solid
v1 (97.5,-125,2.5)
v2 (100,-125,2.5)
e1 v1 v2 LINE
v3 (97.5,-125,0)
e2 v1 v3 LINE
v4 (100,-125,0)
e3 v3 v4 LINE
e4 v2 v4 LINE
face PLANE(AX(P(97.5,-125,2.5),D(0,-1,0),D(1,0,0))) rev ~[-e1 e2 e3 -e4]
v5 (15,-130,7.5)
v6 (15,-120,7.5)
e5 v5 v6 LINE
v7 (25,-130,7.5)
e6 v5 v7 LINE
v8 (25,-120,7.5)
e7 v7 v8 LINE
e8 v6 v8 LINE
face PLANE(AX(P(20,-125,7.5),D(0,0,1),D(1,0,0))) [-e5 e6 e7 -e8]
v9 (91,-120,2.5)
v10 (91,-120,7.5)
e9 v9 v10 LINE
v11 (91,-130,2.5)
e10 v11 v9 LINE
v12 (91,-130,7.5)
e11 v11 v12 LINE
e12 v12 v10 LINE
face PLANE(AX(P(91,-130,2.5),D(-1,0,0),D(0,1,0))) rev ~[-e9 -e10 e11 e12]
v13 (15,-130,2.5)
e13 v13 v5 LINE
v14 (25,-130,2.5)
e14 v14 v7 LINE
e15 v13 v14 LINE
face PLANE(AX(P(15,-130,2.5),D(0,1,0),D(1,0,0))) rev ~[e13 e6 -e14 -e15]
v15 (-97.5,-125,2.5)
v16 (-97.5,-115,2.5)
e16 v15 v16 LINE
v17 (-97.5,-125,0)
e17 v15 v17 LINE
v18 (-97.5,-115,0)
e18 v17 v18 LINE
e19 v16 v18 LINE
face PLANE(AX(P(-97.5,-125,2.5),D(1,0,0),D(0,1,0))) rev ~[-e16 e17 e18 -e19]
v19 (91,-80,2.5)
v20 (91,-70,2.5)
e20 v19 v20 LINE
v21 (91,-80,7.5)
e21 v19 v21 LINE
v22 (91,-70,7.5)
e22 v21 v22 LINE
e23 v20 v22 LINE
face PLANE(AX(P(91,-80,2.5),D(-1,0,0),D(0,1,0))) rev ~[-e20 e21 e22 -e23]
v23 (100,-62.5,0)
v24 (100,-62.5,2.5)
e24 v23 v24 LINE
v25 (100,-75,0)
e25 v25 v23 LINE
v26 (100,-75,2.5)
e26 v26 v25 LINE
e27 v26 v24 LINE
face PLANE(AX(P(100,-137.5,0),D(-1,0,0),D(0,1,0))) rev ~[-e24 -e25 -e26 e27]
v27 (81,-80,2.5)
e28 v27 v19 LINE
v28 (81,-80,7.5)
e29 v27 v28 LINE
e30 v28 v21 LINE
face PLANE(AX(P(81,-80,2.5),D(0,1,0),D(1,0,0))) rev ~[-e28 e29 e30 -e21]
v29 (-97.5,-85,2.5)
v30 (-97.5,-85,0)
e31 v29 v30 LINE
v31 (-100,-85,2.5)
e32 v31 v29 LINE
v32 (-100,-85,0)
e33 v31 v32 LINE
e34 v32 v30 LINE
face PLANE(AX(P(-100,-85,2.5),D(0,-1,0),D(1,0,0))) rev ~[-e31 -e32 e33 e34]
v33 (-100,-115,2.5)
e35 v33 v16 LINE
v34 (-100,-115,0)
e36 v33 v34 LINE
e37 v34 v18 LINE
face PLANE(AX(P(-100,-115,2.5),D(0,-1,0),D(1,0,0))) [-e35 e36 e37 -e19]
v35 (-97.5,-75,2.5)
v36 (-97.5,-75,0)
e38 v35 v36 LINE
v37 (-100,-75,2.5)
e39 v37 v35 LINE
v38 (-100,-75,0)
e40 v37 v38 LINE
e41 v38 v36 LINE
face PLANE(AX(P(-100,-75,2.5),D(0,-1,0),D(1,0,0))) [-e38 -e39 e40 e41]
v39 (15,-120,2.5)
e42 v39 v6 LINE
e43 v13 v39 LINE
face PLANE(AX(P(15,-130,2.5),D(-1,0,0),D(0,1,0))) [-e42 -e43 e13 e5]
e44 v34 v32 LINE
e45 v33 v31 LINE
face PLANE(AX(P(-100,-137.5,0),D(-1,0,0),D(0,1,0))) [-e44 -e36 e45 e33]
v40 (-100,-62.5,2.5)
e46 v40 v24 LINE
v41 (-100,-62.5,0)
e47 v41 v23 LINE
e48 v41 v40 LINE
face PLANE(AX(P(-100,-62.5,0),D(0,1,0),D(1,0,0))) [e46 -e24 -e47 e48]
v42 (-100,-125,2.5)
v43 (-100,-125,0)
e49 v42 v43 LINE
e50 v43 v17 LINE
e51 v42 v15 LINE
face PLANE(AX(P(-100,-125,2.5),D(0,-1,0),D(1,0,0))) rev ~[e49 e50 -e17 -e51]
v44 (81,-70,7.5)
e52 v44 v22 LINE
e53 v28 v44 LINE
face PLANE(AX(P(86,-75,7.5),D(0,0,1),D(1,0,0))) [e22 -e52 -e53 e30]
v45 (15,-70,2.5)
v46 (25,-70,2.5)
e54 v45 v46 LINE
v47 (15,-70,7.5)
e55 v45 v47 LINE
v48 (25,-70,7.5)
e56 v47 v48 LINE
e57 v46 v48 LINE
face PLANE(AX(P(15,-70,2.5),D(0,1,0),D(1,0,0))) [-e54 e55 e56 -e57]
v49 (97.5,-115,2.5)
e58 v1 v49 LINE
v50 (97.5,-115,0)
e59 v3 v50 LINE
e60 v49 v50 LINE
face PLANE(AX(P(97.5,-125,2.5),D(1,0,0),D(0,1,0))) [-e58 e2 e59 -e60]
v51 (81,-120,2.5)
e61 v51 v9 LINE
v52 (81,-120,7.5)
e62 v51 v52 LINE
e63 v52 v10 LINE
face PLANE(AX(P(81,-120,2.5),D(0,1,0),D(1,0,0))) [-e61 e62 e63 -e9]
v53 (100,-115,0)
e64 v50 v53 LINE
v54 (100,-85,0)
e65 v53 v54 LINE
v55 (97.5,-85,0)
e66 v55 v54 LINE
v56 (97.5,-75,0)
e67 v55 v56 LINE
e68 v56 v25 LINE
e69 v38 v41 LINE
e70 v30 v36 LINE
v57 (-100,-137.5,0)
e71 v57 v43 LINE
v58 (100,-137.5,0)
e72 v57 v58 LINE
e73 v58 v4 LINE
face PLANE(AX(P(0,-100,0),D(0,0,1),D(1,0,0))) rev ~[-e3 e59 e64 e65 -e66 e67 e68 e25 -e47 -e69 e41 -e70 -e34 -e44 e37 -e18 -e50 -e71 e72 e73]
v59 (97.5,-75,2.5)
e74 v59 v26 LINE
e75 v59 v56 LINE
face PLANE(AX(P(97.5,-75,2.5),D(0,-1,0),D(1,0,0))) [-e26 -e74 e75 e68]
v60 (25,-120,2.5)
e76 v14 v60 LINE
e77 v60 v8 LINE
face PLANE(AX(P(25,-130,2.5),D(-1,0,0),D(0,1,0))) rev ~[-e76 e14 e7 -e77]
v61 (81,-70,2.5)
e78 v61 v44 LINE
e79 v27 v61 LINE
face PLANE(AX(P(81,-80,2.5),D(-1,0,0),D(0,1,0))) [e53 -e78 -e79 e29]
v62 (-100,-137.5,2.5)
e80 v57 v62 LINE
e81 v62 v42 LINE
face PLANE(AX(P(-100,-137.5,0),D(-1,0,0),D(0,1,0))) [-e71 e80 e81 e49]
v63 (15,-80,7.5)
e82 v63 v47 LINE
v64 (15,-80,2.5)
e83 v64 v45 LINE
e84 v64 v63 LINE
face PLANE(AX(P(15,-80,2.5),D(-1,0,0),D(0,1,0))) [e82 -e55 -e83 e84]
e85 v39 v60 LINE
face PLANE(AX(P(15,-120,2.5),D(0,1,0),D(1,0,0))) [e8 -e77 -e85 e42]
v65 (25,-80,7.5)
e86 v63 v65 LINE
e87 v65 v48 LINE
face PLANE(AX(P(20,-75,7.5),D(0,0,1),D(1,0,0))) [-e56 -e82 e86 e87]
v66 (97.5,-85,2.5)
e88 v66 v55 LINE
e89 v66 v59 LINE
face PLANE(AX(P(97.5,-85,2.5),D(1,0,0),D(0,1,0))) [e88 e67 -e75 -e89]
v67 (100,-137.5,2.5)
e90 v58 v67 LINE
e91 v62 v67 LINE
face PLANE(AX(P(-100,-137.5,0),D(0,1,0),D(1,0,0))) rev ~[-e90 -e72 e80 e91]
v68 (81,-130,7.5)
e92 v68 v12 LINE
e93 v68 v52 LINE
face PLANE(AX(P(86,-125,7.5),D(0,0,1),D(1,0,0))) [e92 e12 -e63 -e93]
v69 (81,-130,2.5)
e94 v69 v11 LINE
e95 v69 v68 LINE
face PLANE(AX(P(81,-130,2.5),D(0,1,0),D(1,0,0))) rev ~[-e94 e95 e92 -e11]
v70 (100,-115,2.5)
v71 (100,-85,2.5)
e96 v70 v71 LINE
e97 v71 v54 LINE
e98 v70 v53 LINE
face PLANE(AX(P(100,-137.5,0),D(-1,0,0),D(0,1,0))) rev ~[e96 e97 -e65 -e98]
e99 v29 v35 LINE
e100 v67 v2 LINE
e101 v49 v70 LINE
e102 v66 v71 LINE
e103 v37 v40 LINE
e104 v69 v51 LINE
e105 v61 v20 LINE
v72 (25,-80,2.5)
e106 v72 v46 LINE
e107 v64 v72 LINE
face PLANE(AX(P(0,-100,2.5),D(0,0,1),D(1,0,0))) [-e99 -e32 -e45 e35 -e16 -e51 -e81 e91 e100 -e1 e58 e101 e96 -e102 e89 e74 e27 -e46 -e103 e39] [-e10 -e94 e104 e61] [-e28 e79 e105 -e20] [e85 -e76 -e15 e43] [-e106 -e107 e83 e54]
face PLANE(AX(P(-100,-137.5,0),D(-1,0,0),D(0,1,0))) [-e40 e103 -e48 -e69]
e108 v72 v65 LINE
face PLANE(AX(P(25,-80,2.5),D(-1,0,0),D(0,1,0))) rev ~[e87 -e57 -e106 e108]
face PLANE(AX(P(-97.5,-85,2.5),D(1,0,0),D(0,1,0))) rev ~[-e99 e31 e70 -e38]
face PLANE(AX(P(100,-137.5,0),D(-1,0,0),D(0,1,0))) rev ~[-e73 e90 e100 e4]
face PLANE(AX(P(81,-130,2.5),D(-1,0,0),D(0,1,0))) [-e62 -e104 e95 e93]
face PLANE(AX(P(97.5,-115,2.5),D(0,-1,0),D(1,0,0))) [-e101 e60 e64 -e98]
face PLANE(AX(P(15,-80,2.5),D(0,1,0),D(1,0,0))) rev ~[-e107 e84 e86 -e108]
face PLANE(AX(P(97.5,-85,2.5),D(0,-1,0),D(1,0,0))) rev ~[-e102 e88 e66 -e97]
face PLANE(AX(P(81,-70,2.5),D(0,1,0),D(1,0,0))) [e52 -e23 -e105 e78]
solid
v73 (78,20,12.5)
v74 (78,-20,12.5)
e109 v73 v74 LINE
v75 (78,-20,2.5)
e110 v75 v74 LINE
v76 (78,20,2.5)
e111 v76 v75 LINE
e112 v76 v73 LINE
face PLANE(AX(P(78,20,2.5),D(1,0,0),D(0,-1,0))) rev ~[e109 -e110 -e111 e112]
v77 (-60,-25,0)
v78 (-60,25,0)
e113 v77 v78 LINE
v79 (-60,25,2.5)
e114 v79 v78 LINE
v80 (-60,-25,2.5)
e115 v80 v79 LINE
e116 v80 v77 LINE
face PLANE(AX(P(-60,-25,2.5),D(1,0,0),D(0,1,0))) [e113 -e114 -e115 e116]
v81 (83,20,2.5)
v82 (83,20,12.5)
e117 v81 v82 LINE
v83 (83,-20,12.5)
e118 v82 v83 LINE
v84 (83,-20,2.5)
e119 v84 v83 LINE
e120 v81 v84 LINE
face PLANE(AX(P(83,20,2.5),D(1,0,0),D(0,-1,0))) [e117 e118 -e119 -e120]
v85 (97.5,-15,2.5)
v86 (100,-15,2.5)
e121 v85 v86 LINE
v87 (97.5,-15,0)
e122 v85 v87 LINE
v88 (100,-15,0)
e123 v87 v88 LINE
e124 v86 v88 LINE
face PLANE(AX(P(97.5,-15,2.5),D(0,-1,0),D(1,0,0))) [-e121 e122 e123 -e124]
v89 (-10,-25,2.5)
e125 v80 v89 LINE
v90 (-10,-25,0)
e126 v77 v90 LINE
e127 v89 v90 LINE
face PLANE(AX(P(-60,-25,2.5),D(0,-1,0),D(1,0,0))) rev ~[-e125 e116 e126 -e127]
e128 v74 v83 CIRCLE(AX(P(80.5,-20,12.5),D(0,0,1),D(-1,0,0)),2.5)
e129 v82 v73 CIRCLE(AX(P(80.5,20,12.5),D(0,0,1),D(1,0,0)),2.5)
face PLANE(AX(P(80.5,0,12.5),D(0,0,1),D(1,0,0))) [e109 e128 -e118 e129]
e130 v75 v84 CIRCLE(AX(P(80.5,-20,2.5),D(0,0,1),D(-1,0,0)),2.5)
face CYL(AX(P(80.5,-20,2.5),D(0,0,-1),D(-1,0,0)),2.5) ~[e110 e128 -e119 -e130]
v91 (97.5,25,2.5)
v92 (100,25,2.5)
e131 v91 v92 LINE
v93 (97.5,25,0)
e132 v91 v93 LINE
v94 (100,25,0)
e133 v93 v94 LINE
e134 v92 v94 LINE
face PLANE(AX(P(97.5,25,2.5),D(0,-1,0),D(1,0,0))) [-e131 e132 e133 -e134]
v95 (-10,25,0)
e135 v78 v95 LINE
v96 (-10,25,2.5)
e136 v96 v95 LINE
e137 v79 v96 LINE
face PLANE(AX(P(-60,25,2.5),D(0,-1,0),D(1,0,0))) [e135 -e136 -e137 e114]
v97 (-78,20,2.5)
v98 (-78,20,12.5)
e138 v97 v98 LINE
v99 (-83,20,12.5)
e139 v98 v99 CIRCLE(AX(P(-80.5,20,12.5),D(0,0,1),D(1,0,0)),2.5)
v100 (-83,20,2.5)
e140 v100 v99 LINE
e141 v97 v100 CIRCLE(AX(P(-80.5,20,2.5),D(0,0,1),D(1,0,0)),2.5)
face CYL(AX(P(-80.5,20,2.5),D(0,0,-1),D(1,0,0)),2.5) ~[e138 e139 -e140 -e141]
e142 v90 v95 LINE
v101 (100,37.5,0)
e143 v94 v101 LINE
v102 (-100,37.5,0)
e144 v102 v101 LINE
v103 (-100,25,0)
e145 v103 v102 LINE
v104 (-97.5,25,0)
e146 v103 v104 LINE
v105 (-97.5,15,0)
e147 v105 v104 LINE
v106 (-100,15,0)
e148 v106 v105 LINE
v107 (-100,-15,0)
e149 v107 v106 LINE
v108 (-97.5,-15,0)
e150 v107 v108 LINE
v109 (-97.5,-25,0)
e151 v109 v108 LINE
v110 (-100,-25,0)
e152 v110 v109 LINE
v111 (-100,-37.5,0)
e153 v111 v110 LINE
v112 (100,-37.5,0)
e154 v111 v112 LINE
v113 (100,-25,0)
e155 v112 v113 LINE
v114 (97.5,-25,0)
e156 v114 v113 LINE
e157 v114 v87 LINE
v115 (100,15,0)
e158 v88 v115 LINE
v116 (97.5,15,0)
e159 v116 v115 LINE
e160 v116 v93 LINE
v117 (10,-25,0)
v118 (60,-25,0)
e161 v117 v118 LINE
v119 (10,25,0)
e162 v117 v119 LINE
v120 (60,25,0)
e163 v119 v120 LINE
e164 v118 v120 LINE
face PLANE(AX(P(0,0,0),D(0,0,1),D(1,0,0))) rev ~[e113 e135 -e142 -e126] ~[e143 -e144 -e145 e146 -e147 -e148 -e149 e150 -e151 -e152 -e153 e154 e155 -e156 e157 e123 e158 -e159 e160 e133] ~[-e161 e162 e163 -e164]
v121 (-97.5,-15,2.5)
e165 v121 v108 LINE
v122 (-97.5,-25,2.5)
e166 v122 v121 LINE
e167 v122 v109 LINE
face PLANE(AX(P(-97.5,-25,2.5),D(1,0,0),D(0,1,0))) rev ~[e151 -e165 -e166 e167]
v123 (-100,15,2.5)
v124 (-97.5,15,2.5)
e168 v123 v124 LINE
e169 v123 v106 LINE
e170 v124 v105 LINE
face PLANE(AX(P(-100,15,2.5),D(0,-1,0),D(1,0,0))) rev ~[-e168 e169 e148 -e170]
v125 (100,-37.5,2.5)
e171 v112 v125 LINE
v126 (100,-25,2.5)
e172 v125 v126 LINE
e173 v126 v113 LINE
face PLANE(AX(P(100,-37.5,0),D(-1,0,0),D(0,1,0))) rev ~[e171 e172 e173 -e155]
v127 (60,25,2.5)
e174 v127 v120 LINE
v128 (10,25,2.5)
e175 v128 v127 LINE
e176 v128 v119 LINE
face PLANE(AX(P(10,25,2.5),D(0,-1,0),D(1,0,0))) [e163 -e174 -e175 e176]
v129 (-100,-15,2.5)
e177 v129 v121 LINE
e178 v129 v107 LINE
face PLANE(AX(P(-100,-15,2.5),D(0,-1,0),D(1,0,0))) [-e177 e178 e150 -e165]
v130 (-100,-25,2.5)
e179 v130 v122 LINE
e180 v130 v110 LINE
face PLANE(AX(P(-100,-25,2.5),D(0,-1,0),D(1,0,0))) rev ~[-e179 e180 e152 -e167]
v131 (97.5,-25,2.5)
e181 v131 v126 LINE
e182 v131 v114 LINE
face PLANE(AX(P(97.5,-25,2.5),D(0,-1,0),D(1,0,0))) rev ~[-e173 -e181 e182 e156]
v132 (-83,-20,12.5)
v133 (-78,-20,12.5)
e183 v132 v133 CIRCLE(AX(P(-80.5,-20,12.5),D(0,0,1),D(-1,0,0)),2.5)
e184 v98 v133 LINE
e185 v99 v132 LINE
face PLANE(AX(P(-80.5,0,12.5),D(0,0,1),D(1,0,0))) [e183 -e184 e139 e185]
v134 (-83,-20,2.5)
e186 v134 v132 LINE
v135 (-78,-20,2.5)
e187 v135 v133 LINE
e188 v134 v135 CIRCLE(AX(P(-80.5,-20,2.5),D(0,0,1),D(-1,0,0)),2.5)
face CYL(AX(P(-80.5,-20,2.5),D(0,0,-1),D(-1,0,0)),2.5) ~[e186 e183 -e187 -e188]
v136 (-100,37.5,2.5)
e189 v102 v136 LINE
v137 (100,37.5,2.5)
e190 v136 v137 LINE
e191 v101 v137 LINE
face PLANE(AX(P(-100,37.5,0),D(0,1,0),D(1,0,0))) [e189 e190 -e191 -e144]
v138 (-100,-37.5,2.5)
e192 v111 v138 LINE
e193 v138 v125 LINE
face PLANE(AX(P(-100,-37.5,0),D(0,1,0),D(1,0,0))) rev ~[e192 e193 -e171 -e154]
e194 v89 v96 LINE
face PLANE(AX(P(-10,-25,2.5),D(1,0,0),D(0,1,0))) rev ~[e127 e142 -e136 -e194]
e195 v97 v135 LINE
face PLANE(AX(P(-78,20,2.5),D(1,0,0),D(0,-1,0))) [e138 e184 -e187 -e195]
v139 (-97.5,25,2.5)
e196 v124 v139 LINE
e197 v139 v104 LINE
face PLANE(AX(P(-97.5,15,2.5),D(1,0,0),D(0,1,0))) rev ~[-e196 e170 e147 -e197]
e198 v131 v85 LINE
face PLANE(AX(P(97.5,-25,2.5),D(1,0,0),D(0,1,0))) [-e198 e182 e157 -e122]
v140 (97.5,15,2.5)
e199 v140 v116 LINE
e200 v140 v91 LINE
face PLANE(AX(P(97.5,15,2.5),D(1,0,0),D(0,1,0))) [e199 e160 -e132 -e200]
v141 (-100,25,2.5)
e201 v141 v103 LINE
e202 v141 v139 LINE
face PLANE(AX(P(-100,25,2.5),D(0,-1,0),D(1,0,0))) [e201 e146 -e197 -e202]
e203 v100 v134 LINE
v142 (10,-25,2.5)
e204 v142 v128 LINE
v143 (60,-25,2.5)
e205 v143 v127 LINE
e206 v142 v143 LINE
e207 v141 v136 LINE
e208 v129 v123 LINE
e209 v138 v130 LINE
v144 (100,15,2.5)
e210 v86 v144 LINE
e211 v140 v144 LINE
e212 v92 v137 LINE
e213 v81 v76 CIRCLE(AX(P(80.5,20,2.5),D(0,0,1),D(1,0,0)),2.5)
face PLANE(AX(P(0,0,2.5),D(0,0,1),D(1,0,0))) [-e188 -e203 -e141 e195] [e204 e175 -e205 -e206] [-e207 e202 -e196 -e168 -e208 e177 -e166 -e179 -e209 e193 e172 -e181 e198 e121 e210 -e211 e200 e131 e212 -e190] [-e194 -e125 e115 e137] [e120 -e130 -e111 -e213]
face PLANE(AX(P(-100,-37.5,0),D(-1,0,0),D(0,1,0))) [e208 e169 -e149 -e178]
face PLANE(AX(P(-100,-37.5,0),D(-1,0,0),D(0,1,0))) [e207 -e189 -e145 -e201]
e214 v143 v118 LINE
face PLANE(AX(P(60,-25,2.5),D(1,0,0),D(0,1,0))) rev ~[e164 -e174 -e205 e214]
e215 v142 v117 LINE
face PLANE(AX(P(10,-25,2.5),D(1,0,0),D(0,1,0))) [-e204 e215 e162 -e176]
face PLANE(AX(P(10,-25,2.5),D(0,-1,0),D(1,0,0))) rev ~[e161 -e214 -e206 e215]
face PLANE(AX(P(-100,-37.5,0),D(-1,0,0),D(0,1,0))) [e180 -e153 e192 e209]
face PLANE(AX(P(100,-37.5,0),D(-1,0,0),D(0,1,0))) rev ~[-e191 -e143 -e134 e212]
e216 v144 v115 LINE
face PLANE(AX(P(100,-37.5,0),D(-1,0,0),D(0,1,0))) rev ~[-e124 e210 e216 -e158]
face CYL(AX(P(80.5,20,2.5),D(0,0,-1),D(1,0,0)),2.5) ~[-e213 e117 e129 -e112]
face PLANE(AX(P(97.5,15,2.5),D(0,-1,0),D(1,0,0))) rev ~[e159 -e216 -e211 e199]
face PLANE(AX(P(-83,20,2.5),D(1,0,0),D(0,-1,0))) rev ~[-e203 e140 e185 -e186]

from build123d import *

# Parameters (mm, degrees)
SKETCH_W        = 200
SKETCH_H        = 75
PAD_DEPTH       = 2.5
PAD001_DEPTH    = 10
SKETCH002_W     = 50
SKETCH002_H     = 50
SKETCH002_W_2   = 2.5
SKETCH002_H_2   = 10
POCKET_DEPTH    = 5
SKETCH003_W     = 200
SKETCH003_H     = 75
PAD002_DEPTH    = 2.5
SKETCH004_W     = 2.5
SKETCH004_H     = 10
POCKET001_DEPTH = 2.5
SKETCH005_W     = 10
SKETCH005_H     = 10
PAD003_DEPTH    = 5


with BuildPart() as base_inverted:
    # Sketch (on XY_Plane of Origin) → Pad (new body)
    with BuildSketch(Plane.XY):
        Rectangle(SKETCH_W, SKETCH_H)
    extrude(amount=PAD_DEPTH)

    # Sketch001 (on Face6 of Pad) → Pad001 (join)
    with BuildSketch(Plane.XY.offset(2.5)):
        with BuildLine():
            ThreePointArc((-78, 20), (-80.5, 22.5), (-83, 20))
            Line((-83, 20), (-83, -20))
            ThreePointArc((-83, -20), (-80.5, -22.5), (-78, -20))
            Line((-78, 20), (-78, -20))
        make_face()
        with BuildLine():
            ThreePointArc((83, 20), (80.5, 22.5), (78, 20))
            Line((78, 20), (78, -20))
            ThreePointArc((78, -20), (80.5, -22.5), (83, -20))
            Line((83, 20), (83, -20))
        make_face()
    extrude(amount=PAD001_DEPTH)

    # Sketch002 (on Face5 of Pad001) → Pocket (cut)
    with BuildSketch(Plane.XY.offset(2.5)):
        with Locations((-35, 0)):
            Rectangle(SKETCH002_W, SKETCH002_H)
        with Locations((35, 0)):
            Rectangle(SKETCH002_W, SKETCH002_H)
        with Locations((-98.75, 20)):
            Rectangle(SKETCH002_W_2, SKETCH002_H_2)
        with Locations((-98.75, -20)):
            Rectangle(SKETCH002_W_2, SKETCH002_H_2)
        with Locations((98.75, -20)):
            Rectangle(SKETCH002_W_2, SKETCH002_H_2)
        with Locations((98.75, 20)):
            Rectangle(SKETCH002_W_2, SKETCH002_H_2)
    extrude(amount=-POCKET_DEPTH, mode=Mode.SUBTRACT)


with BuildPart() as upper:
    # Sketch003 (on XY_Plane001 of Origin002) → Pad002 (new body)
    with BuildSketch(Plane.XY):
        with Locations((0, -100)):
            Rectangle(SKETCH003_W, SKETCH003_H)
    extrude(amount=PAD002_DEPTH)

    # Sketch004 (on Face6 of Pad002) → Pocket001 (cut)
    with BuildSketch(Plane.XY.offset(2.5)):
        with Locations((-98.75, -80)):
            Rectangle(SKETCH004_W, SKETCH004_H)
        with Locations((-98.75, -120)):
            Rectangle(SKETCH004_W, SKETCH004_H)
        with Locations((98.75, -120)):
            Rectangle(SKETCH004_W, SKETCH004_H)
        with Locations((98.75, -80)):
            Rectangle(SKETCH004_W, SKETCH004_H)
    extrude(amount=-POCKET001_DEPTH, mode=Mode.SUBTRACT)

    # Sketch005 (on Face4 of Pocket001) → Pad003 (join)
    with BuildSketch(Plane.XY.offset(2.5)):
        with Locations((20, -75)):
            Rectangle(SKETCH005_W, SKETCH005_H)
        with Locations((20, -125)):
            Rectangle(SKETCH005_W, SKETCH005_H)
        with Locations((86, -75)):
            Rectangle(SKETCH005_W, SKETCH005_H)
        with Locations((86, -125)):
            Rectangle(SKETCH005_W, SKETCH005_H)
    extrude(amount=PAD003_DEPTH)


solid = Compound([base_inverted.part, upper.part])
